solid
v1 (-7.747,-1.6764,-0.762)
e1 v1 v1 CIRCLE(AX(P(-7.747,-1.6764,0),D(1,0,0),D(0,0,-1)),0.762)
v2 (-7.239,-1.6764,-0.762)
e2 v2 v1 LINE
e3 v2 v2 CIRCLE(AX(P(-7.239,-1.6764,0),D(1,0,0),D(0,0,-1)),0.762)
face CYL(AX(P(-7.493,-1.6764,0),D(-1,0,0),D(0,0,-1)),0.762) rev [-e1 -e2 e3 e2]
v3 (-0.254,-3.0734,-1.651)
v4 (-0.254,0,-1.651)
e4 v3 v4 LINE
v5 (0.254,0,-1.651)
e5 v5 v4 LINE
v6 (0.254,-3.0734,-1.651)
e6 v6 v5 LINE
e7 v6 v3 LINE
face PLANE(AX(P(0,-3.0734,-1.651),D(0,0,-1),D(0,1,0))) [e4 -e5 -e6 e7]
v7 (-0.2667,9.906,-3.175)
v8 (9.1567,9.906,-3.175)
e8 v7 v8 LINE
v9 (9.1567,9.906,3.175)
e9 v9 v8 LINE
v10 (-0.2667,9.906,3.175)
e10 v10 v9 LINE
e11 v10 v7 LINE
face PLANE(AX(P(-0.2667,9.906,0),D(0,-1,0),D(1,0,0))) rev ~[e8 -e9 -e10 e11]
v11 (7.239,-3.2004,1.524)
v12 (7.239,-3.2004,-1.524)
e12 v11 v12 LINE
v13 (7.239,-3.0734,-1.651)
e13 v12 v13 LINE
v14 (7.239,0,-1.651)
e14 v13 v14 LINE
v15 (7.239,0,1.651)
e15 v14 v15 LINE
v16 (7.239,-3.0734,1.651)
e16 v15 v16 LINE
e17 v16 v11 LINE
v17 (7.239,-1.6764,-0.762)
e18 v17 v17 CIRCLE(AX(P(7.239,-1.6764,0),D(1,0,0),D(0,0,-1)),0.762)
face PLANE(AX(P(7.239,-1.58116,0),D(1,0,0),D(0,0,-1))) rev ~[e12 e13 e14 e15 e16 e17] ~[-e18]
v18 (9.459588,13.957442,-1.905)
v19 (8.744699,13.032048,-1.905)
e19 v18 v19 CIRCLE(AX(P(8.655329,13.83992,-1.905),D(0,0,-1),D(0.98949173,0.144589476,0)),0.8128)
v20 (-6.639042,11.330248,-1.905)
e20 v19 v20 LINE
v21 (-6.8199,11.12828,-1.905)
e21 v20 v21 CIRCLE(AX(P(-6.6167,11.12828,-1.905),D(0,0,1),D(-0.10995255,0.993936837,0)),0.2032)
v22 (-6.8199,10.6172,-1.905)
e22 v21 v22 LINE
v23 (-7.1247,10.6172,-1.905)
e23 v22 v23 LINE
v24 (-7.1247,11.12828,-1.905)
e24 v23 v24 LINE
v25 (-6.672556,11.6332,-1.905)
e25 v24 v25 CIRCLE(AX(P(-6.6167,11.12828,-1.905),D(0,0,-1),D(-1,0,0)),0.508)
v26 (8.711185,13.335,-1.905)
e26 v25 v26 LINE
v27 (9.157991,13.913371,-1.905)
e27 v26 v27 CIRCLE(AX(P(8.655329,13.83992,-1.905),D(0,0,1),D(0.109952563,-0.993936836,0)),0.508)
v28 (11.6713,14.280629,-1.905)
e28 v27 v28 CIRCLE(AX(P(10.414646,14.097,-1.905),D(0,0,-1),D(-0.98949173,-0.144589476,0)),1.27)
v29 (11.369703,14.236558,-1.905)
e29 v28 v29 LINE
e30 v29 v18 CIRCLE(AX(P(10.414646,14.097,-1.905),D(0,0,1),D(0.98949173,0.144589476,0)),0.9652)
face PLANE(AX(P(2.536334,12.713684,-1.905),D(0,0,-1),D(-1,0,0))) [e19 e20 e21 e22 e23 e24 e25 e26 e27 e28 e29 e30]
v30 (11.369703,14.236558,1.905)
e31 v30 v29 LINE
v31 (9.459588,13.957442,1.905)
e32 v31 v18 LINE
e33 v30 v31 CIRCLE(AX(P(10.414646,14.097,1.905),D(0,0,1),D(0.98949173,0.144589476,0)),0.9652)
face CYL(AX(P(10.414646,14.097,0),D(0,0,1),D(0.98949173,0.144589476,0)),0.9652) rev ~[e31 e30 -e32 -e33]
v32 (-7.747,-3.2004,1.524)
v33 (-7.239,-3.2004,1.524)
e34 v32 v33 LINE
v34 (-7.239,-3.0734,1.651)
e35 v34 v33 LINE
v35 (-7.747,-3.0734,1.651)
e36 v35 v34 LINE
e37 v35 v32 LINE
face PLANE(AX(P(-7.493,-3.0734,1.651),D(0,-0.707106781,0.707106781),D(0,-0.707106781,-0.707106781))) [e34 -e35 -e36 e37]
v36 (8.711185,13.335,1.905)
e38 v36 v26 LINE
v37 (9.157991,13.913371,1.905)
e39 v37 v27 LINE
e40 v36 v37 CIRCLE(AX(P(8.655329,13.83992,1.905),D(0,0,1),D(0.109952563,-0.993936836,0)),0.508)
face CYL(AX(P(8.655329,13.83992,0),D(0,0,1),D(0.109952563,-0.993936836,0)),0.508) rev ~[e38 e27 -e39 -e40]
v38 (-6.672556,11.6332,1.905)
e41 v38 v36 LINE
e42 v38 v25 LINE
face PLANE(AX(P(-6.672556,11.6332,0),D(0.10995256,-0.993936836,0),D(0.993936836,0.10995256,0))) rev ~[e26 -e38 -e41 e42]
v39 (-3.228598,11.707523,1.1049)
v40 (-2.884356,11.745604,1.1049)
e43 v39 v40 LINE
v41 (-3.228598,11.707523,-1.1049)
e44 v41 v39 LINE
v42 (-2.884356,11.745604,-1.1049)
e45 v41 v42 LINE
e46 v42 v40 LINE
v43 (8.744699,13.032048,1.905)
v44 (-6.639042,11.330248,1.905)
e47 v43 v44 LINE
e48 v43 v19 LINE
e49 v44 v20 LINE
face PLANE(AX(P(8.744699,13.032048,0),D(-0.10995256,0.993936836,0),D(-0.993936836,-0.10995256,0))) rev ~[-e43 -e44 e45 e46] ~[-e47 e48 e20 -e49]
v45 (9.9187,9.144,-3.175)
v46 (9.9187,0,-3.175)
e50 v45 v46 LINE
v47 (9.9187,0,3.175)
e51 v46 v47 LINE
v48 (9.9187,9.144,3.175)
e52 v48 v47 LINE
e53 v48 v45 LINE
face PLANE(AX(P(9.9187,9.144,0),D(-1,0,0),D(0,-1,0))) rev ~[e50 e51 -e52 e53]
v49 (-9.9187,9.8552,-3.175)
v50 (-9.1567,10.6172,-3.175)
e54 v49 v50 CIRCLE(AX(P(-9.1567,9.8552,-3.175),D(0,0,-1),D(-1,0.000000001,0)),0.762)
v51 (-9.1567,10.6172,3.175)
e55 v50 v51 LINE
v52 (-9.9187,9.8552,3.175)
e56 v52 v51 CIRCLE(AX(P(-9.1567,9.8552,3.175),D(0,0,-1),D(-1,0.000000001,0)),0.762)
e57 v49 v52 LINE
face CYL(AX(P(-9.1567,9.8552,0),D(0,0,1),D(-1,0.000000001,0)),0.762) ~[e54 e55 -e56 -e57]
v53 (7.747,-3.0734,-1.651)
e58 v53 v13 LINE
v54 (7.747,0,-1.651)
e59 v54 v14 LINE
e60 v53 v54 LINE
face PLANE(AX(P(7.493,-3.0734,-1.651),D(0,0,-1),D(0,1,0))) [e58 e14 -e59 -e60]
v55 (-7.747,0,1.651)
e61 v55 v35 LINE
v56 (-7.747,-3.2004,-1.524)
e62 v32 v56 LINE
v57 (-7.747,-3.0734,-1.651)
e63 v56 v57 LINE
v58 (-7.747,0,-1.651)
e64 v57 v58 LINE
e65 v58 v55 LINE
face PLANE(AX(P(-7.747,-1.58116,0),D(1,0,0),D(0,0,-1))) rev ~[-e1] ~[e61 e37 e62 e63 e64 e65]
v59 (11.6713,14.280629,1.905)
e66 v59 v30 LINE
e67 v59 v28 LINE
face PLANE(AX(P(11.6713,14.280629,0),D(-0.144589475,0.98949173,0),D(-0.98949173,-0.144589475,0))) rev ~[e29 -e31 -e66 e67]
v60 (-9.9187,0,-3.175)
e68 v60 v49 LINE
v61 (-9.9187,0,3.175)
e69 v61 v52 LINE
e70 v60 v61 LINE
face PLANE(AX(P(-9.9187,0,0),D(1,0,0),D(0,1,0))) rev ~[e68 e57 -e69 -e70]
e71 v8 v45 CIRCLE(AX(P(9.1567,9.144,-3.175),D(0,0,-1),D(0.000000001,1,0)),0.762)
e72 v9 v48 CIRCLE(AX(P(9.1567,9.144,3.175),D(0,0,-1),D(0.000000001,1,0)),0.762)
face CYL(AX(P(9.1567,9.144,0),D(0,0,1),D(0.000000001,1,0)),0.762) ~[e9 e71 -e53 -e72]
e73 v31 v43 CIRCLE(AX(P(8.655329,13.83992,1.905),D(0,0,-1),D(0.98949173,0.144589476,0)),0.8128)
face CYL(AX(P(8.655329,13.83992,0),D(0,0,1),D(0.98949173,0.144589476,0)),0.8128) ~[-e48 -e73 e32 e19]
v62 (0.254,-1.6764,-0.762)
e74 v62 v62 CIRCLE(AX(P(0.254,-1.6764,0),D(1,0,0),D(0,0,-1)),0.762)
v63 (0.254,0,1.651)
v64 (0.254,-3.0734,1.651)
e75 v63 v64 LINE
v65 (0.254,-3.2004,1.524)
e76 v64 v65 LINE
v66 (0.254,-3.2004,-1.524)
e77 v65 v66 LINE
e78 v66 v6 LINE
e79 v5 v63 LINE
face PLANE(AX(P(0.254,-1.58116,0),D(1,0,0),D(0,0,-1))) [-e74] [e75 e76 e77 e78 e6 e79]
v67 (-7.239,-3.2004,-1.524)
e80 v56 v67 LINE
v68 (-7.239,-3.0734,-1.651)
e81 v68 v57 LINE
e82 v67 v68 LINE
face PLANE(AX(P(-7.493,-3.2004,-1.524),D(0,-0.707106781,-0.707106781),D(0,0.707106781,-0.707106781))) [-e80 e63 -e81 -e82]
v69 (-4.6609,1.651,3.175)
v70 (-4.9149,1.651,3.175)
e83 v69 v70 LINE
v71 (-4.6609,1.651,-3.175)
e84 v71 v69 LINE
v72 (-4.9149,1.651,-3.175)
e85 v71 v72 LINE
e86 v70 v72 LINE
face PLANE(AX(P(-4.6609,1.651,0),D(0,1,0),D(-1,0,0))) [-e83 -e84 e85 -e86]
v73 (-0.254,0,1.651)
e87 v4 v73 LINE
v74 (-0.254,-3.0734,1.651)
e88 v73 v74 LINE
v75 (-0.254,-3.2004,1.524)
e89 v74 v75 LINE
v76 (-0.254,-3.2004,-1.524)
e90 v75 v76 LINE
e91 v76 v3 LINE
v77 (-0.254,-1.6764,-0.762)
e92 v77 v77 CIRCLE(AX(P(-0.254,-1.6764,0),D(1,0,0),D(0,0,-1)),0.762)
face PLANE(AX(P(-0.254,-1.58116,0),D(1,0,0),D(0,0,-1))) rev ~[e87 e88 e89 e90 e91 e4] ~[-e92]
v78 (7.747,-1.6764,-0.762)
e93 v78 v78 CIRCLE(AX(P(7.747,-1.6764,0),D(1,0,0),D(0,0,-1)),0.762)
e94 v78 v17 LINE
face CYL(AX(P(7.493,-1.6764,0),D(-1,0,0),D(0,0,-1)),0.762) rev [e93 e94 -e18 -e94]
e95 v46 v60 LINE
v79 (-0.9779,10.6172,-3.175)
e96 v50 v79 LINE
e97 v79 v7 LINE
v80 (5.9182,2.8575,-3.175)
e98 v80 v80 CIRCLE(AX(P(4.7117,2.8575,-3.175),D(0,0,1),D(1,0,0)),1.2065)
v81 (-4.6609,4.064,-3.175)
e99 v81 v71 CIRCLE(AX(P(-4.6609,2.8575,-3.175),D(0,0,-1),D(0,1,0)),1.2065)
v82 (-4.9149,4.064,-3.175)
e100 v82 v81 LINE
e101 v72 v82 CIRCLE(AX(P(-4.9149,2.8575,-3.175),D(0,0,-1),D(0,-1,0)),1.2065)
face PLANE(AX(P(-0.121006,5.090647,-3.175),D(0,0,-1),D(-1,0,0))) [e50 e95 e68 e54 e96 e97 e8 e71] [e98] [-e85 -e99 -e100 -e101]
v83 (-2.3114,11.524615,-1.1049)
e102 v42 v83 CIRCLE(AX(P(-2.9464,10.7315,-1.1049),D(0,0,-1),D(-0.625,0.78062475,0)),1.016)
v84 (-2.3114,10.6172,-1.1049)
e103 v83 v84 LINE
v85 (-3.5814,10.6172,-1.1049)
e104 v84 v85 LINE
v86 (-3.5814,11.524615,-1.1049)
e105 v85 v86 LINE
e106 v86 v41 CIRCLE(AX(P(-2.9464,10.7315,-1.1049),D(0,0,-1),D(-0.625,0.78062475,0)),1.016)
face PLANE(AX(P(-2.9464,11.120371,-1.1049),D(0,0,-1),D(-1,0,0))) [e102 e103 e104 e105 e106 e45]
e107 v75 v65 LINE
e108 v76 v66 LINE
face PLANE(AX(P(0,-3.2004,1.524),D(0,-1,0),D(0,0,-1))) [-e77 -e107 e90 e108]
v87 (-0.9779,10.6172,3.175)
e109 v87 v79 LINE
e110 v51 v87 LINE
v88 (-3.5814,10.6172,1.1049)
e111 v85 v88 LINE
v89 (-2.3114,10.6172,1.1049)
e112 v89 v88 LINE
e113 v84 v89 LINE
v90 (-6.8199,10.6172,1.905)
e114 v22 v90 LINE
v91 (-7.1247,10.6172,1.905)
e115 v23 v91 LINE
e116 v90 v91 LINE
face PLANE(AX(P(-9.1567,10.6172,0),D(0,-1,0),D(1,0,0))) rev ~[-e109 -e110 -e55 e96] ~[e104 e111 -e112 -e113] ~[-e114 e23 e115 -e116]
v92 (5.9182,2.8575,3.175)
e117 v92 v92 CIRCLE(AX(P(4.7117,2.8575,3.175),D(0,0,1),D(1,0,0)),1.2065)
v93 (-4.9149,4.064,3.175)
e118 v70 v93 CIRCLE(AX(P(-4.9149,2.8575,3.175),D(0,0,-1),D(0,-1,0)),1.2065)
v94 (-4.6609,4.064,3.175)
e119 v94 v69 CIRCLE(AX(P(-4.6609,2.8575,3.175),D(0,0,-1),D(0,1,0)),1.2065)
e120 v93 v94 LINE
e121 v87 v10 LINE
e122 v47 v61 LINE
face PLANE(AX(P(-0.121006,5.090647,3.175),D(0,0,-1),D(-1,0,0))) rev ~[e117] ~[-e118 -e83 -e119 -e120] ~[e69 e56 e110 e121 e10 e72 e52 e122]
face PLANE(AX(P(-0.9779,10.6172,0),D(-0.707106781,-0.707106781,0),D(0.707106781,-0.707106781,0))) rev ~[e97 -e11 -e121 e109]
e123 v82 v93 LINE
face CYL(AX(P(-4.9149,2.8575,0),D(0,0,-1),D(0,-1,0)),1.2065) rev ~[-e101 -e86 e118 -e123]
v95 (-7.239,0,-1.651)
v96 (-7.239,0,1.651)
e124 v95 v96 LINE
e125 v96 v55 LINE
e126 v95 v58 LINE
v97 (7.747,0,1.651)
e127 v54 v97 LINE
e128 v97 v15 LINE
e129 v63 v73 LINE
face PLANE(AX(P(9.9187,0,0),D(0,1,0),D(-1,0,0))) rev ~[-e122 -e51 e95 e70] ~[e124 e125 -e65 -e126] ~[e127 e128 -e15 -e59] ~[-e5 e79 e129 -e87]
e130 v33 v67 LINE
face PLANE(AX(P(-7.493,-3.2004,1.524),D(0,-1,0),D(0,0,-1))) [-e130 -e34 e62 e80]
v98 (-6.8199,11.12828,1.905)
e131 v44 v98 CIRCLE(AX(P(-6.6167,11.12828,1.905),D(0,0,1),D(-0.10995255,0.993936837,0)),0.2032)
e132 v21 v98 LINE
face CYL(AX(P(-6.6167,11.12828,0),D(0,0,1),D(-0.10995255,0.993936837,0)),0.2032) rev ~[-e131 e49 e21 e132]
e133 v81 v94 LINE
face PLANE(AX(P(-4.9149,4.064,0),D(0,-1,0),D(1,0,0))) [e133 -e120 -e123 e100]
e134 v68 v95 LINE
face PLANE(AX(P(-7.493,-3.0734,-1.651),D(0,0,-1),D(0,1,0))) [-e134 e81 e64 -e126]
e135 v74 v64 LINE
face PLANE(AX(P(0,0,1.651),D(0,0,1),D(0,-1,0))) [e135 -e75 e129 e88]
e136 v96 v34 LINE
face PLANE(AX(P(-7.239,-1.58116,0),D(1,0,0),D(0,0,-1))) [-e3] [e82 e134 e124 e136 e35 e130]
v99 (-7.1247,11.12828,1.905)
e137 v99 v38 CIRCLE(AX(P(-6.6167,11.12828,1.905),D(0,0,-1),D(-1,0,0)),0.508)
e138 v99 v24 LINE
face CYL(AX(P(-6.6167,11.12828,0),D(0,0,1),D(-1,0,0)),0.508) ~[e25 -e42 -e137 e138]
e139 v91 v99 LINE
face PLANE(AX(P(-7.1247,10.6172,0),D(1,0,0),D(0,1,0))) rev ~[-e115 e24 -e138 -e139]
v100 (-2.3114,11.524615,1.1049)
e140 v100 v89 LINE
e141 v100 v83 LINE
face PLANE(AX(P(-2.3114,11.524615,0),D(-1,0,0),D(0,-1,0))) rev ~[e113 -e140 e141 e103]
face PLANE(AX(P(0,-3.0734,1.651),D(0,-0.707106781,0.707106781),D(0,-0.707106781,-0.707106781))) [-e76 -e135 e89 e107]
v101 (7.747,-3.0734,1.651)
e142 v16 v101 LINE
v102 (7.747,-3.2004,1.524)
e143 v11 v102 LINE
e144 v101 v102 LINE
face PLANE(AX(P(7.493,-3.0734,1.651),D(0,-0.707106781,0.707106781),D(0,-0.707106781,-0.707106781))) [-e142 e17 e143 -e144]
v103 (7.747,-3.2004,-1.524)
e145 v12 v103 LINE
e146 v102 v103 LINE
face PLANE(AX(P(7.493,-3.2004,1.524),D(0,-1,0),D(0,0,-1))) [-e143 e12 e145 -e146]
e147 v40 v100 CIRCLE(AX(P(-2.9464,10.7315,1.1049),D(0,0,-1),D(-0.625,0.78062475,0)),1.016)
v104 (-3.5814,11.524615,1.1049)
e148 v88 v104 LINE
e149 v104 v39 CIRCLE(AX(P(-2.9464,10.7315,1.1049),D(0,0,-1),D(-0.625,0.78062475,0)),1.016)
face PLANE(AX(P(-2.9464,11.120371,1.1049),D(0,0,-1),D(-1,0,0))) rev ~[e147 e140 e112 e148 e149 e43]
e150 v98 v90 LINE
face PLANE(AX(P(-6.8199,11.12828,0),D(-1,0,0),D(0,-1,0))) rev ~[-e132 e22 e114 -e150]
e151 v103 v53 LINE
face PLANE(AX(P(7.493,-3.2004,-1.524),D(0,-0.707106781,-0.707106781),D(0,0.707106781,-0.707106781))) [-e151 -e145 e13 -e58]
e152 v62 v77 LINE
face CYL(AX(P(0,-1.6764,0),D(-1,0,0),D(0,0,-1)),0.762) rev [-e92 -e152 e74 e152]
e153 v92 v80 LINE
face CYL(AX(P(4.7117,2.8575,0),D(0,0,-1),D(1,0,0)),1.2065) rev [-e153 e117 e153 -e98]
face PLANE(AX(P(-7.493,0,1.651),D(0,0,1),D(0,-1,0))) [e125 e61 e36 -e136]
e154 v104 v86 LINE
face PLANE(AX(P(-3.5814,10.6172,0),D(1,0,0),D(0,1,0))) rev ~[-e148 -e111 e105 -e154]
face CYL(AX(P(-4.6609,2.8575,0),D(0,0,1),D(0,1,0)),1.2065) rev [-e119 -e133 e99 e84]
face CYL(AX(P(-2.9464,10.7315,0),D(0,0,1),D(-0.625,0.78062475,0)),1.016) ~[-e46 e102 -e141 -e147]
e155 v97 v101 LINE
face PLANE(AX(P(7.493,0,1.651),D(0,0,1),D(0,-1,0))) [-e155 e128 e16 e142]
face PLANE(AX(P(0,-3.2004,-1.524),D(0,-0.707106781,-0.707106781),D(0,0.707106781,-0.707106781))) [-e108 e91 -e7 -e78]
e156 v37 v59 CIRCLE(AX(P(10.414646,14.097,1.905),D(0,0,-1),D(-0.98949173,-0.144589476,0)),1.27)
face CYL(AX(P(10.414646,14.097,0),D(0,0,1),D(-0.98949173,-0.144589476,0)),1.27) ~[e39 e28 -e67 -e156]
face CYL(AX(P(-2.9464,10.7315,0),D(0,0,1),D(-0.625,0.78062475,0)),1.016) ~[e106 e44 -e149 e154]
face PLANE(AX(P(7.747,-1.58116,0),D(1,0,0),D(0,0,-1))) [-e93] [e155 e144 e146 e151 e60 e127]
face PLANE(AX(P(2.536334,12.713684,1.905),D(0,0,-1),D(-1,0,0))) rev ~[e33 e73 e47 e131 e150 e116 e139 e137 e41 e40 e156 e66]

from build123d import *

# Parameters (mm, degrees)
SKETCH2_R           = 1.2065
EXTRUDE1_DEPTH      = 3.175
EXTRUDE2_DEPTH      = 1.1049
SKETCH10_R          = 0.762
EXTRUDE6_DEPTH      = 0.254
LPATTERN1_COUNT     = 3
LPATTERN1_PITCH     = 7.493
EXTRUDE_THIN1_DEPTH = 1.905


with BuildPart() as part:
    # Sketch2 → Extrude1 (new body, symmetric)
    with BuildSketch(Plane.XY):
        with BuildLine():
            Line((-9.1567, 10.6172), (-4.9149, 10.6172))
            Line((-4.9149, 10.6172), (-0.9779, 10.6172))
            Line((-0.9779, 10.6172), (-0.2667, 9.906))
            Line((-0.2667, 9.906), (9.1567, 9.906))
            ThreePointArc((9.1567, 9.906), (9.695515367, 9.682815367), (9.9187, 9.144))
            Line((9.9187, 9.144), (9.9187, 0))
            Line((9.9187, 0), (-9.9187, 0))
            Line((-9.9187, 0), (-9.9187, 9.8552))
            ThreePointArc((-9.9187, 9.8552), (-9.695515367, 10.394015367), (-9.1567, 10.6172))
        make_face()
        with Locations((4.7117, 2.8575)):
            Circle(SKETCH2_R, mode=Mode.SUBTRACT)
        with BuildLine():
            Line((-4.9149, 4.064), (-4.6609, 4.064))
            ThreePointArc((-4.6609, 4.064), (-3.4544, 2.8575), (-4.6609, 1.651))
            Line((-4.6609, 1.651), (-4.9149, 1.651))
            ThreePointArc((-4.9149, 1.651), (-6.1214, 2.8575), (-4.9149, 4.064))
        make_face(mode=Mode.SUBTRACT)
    extrude(amount=EXTRUDE1_DEPTH, both=True)

    # Sketch10 → Extrude6 (add, symmetric)
    with BuildSketch(Plane(origin=(-7.493, 0, 0), x_dir=(0, 0, -1), z_dir=(1, 0, 0))):
        Polygon((-1.651, 0), (-1.651, -3.0734), (-1.524, -3.2004), (1.524, -3.2004), (1.651, -3.0734), (1.651, 0), align=None)
        with Locations((0, -1.6764)):
            Circle(SKETCH10_R, mode=Mode.SUBTRACT)
    extrude6 = extrude(amount=EXTRUDE6_DEPTH, both=True)

    # LPattern1: Extrude6 ×3
    with Locations(*[(i * LPATTERN1_PITCH, 0, 0) for i in range(1, LPATTERN1_COUNT)]):
        add(extrude6)



with BuildPart() as body_2:
    # Sketch3 → Extrude2 (new body, symmetric)
    with BuildSketch(Plane.XY):
        with BuildLine():
            Line((-3.5814, 10.6172), (-3.5814, 11.524614746))
            ThreePointArc((-3.5814, 11.524614746), (-2.9464, 11.7475), (-2.3114, 11.524614746))
            Line((-2.3114, 11.524614746), (-2.3114, 10.6172))
            Line((-2.3114, 10.6172), (-3.5814, 10.6172))
        make_face()
    extrude(amount=EXTRUDE2_DEPTH, both=True)


with BuildPart() as part_1:
    add(part.part)

    add(body_2.part)  # Extrude-Thin1 merges body 2
    # Sketch11 → Extrude-Thin1 (add, symmetric)
    with BuildSketch(Plane.XY):
        with BuildLine():
            Line((-7.1247, 10.6172), (-7.1247, 11.128280087))
            ThreePointArc((-7.1247, 11.128280087), (-6.995143389, 11.467167386), (-6.672555901, 11.6332))
            Line((-6.672555901, 11.6332), (8.711185108, 13.335))
            ThreePointArc((8.711185108, 13.335), (9.057341476, 13.529355692), (9.157991006, 13.913371366))
            ThreePointArc((9.157991006, 13.913371366), (10.231016869, 15.353654497), (11.6713, 14.280628634))
            Line((11.6713, 14.280628634), (11.369702921, 14.236557762))
            ThreePointArc((11.369702921, 14.236557762), (10.275087741, 15.052057418), (9.459588085, 13.957442238))
            ThreePointArc((9.459588085, 13.957442238), (9.298548838, 13.343017159), (8.744698648, 13.032048052))
            Line((8.744698648, 13.032048052), (-6.63904236, 11.330248052))
            ThreePointArc((-6.63904236, 11.330248052), (-6.768077356, 11.263835007), (-6.8199, 11.128280087))
            Line((-6.8199, 11.128280087), (-6.8199, 10.6172))
            Line((-6.8199, 10.6172), (-7.1247, 10.6172))
        make_face()
    extrude(amount=EXTRUDE_THIN1_DEPTH, both=True)


solid = part_1.part
